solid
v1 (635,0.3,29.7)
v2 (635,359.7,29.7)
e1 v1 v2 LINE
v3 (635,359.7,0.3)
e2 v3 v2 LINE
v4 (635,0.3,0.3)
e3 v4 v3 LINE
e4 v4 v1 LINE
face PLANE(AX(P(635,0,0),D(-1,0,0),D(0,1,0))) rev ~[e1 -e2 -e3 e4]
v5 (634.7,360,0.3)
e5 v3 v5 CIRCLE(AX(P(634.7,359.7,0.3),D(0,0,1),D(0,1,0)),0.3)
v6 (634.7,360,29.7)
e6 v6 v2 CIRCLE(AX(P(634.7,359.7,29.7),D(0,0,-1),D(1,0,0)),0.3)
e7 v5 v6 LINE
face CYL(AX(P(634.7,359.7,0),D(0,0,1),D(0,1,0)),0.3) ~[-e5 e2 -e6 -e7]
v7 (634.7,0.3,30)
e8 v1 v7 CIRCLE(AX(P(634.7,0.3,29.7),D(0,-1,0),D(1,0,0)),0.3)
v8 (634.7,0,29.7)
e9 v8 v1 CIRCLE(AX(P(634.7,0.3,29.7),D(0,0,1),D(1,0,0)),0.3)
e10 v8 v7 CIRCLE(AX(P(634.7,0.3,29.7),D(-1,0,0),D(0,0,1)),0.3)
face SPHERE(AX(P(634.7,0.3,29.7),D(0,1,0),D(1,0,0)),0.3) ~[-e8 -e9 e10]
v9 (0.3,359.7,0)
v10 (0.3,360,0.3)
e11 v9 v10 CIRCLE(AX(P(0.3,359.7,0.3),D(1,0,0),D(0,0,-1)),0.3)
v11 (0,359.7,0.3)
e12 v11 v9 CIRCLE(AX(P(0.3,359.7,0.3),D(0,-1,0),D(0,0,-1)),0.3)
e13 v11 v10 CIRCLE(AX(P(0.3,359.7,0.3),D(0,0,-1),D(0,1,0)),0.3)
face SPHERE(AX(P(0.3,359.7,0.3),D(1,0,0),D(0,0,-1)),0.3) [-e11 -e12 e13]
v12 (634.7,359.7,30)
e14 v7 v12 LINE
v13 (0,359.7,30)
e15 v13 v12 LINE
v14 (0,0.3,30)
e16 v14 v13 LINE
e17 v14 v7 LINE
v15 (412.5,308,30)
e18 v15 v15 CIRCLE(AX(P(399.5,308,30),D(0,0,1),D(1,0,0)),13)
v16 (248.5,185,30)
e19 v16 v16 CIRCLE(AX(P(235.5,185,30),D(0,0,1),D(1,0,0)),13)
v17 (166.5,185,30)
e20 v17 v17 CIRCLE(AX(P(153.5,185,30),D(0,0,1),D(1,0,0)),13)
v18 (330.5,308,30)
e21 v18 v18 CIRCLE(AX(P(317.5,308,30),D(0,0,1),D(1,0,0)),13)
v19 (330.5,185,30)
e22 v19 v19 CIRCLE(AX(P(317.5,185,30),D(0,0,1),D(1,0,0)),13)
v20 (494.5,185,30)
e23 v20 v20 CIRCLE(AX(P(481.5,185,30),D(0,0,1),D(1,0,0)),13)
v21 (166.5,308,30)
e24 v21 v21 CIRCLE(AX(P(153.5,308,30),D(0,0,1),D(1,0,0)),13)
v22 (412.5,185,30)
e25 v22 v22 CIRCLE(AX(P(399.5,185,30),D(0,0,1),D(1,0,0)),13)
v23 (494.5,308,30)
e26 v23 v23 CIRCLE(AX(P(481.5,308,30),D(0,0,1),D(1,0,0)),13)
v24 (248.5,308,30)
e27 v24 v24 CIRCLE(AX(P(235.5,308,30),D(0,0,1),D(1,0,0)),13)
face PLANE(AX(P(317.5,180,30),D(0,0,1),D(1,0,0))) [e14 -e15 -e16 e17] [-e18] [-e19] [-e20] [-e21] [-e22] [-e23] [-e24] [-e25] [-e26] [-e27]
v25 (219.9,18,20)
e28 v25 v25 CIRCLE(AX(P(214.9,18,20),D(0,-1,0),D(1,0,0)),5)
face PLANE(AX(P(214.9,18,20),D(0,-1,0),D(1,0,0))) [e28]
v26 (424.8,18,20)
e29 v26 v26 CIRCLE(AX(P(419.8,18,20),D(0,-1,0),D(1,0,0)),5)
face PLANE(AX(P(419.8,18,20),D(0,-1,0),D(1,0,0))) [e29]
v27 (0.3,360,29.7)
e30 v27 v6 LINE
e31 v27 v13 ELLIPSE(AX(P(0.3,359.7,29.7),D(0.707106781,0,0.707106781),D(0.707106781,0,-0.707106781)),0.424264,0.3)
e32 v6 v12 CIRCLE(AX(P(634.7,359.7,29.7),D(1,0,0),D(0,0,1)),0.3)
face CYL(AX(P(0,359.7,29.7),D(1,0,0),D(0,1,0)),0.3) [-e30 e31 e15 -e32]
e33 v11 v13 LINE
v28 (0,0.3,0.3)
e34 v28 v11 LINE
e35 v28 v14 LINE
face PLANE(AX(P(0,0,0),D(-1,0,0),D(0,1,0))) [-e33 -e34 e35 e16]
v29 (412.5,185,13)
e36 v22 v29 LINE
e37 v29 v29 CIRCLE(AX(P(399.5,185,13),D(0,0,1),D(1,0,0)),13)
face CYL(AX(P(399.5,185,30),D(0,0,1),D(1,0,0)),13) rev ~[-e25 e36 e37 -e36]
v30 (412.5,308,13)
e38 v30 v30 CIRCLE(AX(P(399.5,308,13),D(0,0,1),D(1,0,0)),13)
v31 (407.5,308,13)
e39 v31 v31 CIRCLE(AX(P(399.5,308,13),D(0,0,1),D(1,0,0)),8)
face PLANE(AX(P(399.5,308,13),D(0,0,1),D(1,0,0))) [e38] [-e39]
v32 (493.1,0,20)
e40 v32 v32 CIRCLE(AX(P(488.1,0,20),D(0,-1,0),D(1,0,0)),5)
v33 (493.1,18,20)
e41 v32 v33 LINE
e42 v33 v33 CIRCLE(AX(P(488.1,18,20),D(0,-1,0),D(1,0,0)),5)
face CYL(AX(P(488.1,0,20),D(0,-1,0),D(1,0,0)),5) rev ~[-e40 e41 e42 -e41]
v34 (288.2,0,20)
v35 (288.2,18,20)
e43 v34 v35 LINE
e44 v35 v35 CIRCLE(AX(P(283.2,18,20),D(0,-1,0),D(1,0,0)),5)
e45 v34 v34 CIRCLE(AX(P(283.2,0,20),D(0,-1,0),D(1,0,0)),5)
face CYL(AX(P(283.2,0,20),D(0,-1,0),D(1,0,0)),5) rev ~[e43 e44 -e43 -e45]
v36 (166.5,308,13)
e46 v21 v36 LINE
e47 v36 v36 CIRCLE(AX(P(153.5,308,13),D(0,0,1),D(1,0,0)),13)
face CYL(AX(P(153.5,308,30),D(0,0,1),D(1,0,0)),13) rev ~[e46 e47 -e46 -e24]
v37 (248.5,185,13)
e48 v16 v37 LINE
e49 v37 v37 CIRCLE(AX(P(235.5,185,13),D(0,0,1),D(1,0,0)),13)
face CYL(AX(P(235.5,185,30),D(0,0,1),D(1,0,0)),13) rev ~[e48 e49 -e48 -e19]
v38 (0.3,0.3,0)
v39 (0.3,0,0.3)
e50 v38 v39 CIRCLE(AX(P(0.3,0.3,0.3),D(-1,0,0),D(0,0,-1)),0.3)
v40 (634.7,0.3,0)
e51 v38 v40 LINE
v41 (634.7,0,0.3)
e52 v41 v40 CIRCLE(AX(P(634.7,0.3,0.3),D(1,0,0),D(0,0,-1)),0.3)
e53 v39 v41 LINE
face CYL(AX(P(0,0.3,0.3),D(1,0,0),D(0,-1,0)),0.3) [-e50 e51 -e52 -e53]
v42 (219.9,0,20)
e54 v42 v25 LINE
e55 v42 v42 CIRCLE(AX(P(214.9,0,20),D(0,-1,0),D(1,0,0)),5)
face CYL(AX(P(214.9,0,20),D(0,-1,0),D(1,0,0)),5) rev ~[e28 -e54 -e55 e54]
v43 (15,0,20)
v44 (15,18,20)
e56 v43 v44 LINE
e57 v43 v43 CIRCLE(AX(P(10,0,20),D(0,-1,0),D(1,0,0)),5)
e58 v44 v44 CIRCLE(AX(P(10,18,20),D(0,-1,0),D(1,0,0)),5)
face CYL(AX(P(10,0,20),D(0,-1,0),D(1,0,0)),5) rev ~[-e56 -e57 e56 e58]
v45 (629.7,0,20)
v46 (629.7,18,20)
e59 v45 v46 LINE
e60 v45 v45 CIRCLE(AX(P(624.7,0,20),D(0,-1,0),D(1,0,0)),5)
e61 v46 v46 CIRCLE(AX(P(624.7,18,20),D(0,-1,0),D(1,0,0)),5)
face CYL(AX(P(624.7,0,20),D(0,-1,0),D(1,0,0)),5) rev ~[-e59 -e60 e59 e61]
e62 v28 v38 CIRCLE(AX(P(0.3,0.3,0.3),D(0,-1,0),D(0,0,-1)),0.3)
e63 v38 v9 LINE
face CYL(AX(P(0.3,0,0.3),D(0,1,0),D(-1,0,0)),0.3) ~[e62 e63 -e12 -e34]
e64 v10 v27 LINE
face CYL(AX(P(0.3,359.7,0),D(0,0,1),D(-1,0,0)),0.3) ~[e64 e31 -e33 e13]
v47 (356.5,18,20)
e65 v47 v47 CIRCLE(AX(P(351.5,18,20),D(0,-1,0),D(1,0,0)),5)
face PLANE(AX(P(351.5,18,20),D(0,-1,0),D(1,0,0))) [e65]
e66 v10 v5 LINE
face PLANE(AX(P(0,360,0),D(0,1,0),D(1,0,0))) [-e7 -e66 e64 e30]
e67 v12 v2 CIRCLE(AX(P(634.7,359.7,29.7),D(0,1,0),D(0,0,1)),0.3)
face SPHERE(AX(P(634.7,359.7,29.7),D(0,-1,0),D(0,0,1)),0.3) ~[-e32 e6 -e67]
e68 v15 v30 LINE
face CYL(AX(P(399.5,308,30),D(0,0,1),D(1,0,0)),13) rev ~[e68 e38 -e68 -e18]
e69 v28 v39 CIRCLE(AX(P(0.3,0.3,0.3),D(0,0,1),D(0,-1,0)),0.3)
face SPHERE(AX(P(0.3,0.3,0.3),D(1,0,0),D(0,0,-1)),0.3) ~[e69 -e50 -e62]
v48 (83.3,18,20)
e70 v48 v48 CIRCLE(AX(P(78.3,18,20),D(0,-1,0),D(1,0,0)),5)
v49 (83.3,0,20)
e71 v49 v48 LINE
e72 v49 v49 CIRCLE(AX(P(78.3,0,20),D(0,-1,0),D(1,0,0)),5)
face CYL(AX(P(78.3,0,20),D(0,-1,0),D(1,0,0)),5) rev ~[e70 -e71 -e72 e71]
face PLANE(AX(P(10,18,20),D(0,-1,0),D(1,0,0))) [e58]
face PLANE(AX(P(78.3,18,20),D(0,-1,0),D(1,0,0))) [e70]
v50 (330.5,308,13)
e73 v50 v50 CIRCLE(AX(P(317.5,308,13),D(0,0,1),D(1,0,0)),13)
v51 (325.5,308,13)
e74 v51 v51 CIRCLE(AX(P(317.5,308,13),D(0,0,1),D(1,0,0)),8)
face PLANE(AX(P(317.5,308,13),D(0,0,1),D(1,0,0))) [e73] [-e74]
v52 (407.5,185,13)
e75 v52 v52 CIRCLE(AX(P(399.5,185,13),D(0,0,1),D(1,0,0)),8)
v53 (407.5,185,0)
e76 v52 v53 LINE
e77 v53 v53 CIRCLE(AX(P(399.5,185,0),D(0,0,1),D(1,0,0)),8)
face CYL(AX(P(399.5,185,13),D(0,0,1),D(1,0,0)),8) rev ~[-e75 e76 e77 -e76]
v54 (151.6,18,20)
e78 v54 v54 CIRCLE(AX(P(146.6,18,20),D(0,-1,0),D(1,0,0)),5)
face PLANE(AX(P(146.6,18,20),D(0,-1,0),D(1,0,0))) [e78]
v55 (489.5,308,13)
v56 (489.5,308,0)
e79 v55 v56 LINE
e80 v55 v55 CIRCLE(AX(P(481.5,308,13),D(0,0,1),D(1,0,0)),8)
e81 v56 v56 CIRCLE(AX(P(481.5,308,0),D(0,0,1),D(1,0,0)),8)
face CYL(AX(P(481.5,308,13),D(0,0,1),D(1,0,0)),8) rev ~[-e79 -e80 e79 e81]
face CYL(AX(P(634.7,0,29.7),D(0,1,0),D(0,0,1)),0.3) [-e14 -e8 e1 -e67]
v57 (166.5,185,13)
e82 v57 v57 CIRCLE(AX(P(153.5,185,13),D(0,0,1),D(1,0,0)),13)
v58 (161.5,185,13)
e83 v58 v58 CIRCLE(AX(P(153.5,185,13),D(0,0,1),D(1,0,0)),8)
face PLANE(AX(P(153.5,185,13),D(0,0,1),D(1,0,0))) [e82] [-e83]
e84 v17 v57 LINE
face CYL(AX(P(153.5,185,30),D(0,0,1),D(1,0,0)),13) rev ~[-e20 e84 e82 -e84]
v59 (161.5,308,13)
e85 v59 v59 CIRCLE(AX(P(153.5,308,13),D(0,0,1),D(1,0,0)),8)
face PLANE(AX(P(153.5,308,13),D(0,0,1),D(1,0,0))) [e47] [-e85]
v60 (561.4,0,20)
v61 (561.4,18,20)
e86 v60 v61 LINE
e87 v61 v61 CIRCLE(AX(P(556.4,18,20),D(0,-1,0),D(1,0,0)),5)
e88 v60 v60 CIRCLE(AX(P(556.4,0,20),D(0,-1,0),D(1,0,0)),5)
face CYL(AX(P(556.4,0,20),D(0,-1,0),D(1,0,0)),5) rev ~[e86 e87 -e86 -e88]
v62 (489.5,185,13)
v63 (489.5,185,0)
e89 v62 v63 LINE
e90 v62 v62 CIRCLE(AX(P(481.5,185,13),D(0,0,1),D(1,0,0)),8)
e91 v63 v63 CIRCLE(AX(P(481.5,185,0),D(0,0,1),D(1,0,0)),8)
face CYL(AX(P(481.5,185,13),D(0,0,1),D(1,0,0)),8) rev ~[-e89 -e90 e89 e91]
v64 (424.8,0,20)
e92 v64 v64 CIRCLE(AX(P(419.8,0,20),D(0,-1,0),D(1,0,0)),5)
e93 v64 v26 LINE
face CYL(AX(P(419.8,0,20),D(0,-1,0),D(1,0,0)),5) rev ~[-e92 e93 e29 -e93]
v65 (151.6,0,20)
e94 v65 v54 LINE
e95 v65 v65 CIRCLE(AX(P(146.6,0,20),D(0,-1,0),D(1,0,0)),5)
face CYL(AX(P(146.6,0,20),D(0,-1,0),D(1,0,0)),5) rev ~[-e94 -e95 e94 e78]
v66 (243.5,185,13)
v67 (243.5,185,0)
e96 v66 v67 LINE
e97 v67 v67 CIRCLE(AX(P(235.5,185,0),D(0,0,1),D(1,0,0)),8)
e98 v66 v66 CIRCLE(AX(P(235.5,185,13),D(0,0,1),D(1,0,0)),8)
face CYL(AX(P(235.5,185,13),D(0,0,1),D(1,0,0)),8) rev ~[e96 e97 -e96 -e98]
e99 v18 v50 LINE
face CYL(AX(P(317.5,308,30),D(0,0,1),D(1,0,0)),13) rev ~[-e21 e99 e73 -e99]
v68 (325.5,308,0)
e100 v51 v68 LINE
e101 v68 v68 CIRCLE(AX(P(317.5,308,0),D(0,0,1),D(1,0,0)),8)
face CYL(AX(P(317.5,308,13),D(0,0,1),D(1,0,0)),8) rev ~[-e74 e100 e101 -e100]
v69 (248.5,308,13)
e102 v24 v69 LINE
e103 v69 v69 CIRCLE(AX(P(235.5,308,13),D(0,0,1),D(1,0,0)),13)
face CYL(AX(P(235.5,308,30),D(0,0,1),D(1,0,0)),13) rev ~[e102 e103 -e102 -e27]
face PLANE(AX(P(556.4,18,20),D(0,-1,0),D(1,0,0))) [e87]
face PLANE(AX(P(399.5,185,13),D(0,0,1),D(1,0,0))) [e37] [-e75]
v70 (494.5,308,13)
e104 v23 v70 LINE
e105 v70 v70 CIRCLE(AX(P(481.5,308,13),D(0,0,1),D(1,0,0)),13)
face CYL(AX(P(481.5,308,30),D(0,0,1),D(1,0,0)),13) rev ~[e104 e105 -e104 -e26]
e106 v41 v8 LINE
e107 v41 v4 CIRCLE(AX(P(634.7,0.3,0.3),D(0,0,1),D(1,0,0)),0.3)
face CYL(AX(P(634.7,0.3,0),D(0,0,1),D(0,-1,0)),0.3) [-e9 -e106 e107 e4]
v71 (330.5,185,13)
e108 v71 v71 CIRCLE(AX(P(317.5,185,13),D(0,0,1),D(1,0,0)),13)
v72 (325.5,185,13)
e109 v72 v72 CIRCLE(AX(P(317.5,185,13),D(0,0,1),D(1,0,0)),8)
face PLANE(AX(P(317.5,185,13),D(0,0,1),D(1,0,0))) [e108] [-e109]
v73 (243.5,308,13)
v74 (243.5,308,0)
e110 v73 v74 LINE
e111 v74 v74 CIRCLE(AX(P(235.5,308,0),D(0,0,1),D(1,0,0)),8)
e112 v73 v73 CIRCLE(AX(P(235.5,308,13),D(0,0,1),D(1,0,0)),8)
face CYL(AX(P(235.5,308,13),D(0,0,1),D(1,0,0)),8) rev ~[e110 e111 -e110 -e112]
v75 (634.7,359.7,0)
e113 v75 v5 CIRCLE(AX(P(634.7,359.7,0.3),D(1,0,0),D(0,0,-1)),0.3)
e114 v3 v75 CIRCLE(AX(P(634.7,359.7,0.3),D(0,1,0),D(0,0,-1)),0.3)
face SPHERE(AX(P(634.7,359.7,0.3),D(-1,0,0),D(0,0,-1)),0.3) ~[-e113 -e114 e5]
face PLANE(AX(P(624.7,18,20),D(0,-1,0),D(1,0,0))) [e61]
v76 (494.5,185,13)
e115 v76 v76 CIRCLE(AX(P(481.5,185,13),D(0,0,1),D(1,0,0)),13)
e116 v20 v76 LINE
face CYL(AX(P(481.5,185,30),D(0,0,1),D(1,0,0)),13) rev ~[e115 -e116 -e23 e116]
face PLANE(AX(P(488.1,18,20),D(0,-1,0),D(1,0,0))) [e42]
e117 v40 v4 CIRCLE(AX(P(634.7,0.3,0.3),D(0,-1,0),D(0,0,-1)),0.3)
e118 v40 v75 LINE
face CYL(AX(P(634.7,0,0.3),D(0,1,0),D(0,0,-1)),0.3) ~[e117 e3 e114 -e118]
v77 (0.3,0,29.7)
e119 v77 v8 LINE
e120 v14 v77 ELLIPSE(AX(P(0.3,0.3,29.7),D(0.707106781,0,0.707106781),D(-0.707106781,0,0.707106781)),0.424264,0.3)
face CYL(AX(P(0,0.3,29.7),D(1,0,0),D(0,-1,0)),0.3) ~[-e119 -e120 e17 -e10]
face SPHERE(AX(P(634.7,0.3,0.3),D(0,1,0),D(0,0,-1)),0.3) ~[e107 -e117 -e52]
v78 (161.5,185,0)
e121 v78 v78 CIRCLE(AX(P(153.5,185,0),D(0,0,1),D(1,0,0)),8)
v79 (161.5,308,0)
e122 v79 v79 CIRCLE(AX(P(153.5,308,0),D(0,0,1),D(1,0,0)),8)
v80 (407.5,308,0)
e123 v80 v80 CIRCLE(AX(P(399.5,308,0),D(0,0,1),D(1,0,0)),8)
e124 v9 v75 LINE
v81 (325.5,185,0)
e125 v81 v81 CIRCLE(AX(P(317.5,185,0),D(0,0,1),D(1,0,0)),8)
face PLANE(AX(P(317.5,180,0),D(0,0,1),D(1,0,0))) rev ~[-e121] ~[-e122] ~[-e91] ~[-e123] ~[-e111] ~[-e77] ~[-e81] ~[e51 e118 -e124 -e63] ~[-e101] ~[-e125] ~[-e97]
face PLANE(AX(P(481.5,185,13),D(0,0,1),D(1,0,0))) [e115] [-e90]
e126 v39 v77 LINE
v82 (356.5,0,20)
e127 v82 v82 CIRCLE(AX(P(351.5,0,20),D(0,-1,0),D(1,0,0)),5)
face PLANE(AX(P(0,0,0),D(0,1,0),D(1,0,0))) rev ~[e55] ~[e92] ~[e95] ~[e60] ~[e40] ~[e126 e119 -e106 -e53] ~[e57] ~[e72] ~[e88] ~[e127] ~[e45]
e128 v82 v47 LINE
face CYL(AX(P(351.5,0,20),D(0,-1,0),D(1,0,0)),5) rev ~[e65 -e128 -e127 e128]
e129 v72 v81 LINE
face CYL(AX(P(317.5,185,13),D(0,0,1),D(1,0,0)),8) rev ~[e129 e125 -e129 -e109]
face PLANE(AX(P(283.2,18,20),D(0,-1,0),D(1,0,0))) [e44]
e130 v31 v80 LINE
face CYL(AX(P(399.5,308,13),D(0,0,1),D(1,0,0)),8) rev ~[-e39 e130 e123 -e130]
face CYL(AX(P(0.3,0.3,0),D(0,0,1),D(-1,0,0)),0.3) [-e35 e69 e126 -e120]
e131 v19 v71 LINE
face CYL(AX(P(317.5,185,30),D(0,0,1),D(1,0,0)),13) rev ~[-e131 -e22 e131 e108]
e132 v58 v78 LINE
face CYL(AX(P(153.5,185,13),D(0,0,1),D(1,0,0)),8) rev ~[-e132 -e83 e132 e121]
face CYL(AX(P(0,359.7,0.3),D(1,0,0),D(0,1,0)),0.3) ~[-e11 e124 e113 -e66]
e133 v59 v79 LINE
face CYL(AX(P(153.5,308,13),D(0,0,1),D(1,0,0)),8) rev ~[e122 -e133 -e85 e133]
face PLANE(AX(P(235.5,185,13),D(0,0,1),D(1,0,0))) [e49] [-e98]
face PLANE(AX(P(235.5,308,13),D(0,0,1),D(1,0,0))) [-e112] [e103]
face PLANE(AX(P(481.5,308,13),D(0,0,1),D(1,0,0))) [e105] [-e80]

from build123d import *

# Parameters (mm, degrees)
SKETCH2_W            = 635
SKETCH2_H            = 360
BOSS_EXTRUDE1_DEPTH  = 30
SKETCH3_R            = 13
CUT_EXTRUDE2_DEPTH   = 17
SKETCH4_R            = 8
CUT_EXTRUDE3_DEPTH   = 14
LPATTERN1_COUNT      = 5
LPATTERN1_PITCH      = 82
LPATTERN1_COUNT_DIR2 = 2
LPATTERN1_PITCH_DIR2 = 123
FILLET1_R            = 0.3
SKETCH7_R            = 5
CUT_EXTRUDE4_DEPTH   = 18
LPATTERN2_COUNT      = 10
LPATTERN2_PITCH      = 68.3


with BuildPart() as part:
    # Sketch2 → Boss-Extrude1 (new body)
    with BuildSketch(Plane.XY):
        with Locations((317.5, 180)):
            Rectangle(SKETCH2_W, SKETCH2_H)
    extrude(amount=BOSS_EXTRUDE1_DEPTH)

    # Sketch3 → Cut-Extrude2 (cut)
    with BuildSketch(Plane.XY.offset(30)):
        with Locations((153.5, 308)):
            Circle(SKETCH3_R)
    cut_extrude2 = extrude(amount=-CUT_EXTRUDE2_DEPTH, mode=Mode.SUBTRACT)

    # Sketch4 → Cut-Extrude3 (cut, through all)
    with BuildSketch(Plane.XY.offset(13)):
        with Locations((153.5, 308)):
            Circle(SKETCH4_R)
    cut_extrude3 = extrude(amount=-CUT_EXTRUDE3_DEPTH, mode=Mode.SUBTRACT)

    # LPattern1: Cut-Extrude2, Cut-Extrude3 5 × 2
    with Locations(*[(i * LPATTERN1_PITCH, -j * LPATTERN1_PITCH_DIR2, 0) for i in range(LPATTERN1_COUNT) for j in range(LPATTERN1_COUNT_DIR2) if (i, j) != (0, 0)]):
        add(cut_extrude2, mode=Mode.SUBTRACT)
        add(cut_extrude3, mode=Mode.SUBTRACT)

    # Fillet1
    fillet1_edges = [part.edges().sort_by_distance(p)[0] for p in [
        (635, 180, 30),
        (317.5, 360, 30),
        (317.5, 360, 0),
        (635, 180, 0),
        (317.5, 0, 0),
        (0, 180, 0),
        (0, 360, 15),
        (635, 360, 15),
        (635, 0, 15),
        (0, 0, 15),
        (317.5, 0, 30),
    ]]
    fillet(fillet1_edges, radius=FILLET1_R)

    # Sketch7 → Cut-Extrude4 (cut)
    with BuildSketch(Plane.XZ):
        with Locations((10, 20)):
            Circle(SKETCH7_R)
    cut_extrude4 = extrude(amount=-CUT_EXTRUDE4_DEPTH, mode=Mode.SUBTRACT)

    # LPattern2: Cut-Extrude4 ×10
    with Locations(*[(i * LPATTERN2_PITCH, 0, 0) for i in range(1, LPATTERN2_COUNT)]):
        add(cut_extrude4, mode=Mode.SUBTRACT)


solid = part.part
